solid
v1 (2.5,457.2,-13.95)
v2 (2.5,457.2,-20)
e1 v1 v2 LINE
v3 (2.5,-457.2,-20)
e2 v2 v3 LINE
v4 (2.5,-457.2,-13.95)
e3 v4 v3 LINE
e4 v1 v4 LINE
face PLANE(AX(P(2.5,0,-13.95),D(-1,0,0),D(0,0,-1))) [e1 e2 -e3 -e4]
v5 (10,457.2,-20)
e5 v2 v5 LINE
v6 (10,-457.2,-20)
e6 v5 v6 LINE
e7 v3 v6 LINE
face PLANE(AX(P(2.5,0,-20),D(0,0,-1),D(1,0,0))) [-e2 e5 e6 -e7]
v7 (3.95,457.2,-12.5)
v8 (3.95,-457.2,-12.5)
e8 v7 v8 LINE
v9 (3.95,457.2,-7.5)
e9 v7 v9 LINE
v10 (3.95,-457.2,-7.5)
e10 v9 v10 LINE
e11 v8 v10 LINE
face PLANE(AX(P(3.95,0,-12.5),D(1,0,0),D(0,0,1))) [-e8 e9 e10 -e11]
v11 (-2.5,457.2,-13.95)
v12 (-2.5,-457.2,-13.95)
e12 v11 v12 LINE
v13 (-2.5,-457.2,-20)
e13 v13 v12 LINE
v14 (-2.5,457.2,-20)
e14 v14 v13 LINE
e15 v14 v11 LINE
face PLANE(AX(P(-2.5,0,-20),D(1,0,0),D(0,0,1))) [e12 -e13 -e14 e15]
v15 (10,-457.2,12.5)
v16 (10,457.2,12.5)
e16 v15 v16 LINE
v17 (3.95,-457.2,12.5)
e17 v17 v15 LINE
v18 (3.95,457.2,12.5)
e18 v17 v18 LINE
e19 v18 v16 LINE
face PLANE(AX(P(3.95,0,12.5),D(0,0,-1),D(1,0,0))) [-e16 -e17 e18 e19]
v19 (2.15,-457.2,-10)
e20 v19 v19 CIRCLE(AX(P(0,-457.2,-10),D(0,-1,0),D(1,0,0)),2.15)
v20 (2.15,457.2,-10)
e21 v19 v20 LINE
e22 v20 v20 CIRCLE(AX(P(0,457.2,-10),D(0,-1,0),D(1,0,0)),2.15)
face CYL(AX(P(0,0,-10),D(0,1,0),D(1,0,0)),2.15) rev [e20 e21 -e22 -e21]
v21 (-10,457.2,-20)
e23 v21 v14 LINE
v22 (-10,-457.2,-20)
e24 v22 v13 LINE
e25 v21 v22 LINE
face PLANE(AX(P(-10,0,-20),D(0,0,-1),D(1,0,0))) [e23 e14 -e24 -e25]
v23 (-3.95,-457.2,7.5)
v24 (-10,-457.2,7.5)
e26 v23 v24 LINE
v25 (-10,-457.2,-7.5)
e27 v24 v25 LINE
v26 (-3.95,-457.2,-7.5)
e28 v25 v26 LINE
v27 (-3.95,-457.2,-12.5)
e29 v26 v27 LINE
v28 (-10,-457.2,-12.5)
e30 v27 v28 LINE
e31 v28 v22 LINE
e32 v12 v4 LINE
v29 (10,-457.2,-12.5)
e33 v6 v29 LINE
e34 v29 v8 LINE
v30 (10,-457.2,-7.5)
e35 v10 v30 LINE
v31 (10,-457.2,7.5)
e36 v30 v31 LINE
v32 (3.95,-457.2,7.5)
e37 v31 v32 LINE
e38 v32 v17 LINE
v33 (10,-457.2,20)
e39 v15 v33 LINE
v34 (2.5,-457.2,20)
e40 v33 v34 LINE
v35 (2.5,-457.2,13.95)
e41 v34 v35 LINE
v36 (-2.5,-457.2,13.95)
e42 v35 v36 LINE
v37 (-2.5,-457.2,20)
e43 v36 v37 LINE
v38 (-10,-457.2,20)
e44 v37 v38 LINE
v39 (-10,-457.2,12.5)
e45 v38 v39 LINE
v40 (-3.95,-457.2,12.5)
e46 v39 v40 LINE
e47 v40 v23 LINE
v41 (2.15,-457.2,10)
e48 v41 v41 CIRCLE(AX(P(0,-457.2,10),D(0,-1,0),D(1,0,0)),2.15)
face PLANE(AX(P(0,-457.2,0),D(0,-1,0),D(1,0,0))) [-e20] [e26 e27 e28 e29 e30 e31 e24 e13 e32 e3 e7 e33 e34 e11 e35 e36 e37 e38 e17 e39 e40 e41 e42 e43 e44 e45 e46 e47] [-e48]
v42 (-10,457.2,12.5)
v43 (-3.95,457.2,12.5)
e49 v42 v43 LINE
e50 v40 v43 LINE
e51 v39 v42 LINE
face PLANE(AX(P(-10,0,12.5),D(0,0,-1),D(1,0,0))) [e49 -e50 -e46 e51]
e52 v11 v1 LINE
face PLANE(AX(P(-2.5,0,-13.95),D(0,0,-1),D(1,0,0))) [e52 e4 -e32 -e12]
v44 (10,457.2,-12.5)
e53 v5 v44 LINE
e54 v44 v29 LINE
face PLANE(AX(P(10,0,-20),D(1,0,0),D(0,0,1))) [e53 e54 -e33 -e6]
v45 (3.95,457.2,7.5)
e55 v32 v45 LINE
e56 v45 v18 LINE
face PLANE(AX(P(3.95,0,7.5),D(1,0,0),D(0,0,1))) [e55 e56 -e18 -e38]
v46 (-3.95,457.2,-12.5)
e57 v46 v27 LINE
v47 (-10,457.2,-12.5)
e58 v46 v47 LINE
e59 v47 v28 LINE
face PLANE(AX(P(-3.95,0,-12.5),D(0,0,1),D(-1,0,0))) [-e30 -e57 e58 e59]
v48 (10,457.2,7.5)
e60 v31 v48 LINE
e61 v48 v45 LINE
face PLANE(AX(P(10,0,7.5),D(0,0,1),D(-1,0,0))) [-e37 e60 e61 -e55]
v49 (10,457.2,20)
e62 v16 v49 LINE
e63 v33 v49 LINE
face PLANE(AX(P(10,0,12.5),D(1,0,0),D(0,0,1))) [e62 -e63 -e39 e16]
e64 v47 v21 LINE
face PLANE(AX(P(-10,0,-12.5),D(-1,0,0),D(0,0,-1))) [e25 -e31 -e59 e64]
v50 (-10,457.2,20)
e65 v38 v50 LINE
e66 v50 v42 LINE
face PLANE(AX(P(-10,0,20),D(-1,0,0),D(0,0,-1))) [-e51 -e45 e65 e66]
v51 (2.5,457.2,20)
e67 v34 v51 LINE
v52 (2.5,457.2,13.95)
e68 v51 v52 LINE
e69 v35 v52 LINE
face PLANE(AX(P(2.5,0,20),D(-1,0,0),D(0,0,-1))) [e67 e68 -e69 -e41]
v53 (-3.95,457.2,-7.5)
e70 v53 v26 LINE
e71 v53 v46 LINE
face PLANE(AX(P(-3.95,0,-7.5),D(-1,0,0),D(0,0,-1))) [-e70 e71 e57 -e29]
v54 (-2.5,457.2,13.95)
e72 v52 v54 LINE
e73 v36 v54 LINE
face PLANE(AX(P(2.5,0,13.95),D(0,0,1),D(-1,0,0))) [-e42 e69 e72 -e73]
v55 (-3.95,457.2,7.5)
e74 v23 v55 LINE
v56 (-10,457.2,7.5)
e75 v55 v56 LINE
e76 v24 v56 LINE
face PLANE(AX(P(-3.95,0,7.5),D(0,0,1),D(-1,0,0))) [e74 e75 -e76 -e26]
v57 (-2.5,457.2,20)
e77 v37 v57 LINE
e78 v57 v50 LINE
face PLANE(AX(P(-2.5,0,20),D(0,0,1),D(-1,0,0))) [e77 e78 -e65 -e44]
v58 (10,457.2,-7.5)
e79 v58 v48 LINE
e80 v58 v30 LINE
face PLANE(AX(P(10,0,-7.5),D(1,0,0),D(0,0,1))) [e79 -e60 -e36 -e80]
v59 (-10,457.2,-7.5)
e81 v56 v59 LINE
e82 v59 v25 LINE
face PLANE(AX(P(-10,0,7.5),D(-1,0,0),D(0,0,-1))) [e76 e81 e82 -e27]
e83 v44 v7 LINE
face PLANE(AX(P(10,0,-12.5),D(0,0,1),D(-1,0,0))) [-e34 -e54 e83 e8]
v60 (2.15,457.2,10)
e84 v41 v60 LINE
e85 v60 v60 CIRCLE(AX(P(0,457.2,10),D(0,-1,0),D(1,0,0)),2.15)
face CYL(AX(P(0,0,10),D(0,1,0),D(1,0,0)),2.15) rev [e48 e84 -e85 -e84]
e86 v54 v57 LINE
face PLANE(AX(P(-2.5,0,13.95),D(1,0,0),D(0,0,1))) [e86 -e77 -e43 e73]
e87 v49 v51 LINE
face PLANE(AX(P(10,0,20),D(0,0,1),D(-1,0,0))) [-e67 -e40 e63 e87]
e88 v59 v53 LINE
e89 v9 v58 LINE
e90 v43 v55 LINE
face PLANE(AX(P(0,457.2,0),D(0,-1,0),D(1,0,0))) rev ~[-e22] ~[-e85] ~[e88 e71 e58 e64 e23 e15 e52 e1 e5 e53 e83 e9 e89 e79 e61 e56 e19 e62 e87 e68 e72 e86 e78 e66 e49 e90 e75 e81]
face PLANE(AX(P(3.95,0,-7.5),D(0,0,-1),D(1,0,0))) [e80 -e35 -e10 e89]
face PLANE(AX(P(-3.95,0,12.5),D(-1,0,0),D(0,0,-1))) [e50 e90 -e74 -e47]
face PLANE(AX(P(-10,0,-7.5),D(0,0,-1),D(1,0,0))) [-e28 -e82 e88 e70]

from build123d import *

# Parameters (mm, degrees)
F0_R     = 2.15
F1_DEPTH = 457.2


with BuildPart() as f1:
    # F0 (on Front) → F1 (new body, symmetric)
    with BuildSketch(Plane.XZ):
        Polygon((-10, 7.5), (-10, 0), (-10, -7.5), (-3.95, -7.5), (-3.95, -12.5), (-10, -12.5), (-10, -20), (-2.5, -20), (-2.5, -13.95), (2.5, -13.95), (2.5, -20), (10, -20), (10, -12.5), (3.95, -12.5), (3.95, -7.5), (10, -7.5), (10, 0), (10, 7.5), (3.95, 7.5), (3.95, 12.5), (10, 12.5), (10, 20), (2.5, 20), (2.5, 13.95), (-2.5, 13.95), (-2.5, 20), (-10, 20), (-10, 12.5), (-3.95, 12.5), (-3.95, 7.5), align=None)
        with Locations((0, -10)):
            Circle(F0_R, mode=Mode.SUBTRACT)
        with Locations((0, 10)):
            Circle(F0_R, mode=Mode.SUBTRACT)
    extrude(amount=F1_DEPTH, both=True)


solid = f1.part
